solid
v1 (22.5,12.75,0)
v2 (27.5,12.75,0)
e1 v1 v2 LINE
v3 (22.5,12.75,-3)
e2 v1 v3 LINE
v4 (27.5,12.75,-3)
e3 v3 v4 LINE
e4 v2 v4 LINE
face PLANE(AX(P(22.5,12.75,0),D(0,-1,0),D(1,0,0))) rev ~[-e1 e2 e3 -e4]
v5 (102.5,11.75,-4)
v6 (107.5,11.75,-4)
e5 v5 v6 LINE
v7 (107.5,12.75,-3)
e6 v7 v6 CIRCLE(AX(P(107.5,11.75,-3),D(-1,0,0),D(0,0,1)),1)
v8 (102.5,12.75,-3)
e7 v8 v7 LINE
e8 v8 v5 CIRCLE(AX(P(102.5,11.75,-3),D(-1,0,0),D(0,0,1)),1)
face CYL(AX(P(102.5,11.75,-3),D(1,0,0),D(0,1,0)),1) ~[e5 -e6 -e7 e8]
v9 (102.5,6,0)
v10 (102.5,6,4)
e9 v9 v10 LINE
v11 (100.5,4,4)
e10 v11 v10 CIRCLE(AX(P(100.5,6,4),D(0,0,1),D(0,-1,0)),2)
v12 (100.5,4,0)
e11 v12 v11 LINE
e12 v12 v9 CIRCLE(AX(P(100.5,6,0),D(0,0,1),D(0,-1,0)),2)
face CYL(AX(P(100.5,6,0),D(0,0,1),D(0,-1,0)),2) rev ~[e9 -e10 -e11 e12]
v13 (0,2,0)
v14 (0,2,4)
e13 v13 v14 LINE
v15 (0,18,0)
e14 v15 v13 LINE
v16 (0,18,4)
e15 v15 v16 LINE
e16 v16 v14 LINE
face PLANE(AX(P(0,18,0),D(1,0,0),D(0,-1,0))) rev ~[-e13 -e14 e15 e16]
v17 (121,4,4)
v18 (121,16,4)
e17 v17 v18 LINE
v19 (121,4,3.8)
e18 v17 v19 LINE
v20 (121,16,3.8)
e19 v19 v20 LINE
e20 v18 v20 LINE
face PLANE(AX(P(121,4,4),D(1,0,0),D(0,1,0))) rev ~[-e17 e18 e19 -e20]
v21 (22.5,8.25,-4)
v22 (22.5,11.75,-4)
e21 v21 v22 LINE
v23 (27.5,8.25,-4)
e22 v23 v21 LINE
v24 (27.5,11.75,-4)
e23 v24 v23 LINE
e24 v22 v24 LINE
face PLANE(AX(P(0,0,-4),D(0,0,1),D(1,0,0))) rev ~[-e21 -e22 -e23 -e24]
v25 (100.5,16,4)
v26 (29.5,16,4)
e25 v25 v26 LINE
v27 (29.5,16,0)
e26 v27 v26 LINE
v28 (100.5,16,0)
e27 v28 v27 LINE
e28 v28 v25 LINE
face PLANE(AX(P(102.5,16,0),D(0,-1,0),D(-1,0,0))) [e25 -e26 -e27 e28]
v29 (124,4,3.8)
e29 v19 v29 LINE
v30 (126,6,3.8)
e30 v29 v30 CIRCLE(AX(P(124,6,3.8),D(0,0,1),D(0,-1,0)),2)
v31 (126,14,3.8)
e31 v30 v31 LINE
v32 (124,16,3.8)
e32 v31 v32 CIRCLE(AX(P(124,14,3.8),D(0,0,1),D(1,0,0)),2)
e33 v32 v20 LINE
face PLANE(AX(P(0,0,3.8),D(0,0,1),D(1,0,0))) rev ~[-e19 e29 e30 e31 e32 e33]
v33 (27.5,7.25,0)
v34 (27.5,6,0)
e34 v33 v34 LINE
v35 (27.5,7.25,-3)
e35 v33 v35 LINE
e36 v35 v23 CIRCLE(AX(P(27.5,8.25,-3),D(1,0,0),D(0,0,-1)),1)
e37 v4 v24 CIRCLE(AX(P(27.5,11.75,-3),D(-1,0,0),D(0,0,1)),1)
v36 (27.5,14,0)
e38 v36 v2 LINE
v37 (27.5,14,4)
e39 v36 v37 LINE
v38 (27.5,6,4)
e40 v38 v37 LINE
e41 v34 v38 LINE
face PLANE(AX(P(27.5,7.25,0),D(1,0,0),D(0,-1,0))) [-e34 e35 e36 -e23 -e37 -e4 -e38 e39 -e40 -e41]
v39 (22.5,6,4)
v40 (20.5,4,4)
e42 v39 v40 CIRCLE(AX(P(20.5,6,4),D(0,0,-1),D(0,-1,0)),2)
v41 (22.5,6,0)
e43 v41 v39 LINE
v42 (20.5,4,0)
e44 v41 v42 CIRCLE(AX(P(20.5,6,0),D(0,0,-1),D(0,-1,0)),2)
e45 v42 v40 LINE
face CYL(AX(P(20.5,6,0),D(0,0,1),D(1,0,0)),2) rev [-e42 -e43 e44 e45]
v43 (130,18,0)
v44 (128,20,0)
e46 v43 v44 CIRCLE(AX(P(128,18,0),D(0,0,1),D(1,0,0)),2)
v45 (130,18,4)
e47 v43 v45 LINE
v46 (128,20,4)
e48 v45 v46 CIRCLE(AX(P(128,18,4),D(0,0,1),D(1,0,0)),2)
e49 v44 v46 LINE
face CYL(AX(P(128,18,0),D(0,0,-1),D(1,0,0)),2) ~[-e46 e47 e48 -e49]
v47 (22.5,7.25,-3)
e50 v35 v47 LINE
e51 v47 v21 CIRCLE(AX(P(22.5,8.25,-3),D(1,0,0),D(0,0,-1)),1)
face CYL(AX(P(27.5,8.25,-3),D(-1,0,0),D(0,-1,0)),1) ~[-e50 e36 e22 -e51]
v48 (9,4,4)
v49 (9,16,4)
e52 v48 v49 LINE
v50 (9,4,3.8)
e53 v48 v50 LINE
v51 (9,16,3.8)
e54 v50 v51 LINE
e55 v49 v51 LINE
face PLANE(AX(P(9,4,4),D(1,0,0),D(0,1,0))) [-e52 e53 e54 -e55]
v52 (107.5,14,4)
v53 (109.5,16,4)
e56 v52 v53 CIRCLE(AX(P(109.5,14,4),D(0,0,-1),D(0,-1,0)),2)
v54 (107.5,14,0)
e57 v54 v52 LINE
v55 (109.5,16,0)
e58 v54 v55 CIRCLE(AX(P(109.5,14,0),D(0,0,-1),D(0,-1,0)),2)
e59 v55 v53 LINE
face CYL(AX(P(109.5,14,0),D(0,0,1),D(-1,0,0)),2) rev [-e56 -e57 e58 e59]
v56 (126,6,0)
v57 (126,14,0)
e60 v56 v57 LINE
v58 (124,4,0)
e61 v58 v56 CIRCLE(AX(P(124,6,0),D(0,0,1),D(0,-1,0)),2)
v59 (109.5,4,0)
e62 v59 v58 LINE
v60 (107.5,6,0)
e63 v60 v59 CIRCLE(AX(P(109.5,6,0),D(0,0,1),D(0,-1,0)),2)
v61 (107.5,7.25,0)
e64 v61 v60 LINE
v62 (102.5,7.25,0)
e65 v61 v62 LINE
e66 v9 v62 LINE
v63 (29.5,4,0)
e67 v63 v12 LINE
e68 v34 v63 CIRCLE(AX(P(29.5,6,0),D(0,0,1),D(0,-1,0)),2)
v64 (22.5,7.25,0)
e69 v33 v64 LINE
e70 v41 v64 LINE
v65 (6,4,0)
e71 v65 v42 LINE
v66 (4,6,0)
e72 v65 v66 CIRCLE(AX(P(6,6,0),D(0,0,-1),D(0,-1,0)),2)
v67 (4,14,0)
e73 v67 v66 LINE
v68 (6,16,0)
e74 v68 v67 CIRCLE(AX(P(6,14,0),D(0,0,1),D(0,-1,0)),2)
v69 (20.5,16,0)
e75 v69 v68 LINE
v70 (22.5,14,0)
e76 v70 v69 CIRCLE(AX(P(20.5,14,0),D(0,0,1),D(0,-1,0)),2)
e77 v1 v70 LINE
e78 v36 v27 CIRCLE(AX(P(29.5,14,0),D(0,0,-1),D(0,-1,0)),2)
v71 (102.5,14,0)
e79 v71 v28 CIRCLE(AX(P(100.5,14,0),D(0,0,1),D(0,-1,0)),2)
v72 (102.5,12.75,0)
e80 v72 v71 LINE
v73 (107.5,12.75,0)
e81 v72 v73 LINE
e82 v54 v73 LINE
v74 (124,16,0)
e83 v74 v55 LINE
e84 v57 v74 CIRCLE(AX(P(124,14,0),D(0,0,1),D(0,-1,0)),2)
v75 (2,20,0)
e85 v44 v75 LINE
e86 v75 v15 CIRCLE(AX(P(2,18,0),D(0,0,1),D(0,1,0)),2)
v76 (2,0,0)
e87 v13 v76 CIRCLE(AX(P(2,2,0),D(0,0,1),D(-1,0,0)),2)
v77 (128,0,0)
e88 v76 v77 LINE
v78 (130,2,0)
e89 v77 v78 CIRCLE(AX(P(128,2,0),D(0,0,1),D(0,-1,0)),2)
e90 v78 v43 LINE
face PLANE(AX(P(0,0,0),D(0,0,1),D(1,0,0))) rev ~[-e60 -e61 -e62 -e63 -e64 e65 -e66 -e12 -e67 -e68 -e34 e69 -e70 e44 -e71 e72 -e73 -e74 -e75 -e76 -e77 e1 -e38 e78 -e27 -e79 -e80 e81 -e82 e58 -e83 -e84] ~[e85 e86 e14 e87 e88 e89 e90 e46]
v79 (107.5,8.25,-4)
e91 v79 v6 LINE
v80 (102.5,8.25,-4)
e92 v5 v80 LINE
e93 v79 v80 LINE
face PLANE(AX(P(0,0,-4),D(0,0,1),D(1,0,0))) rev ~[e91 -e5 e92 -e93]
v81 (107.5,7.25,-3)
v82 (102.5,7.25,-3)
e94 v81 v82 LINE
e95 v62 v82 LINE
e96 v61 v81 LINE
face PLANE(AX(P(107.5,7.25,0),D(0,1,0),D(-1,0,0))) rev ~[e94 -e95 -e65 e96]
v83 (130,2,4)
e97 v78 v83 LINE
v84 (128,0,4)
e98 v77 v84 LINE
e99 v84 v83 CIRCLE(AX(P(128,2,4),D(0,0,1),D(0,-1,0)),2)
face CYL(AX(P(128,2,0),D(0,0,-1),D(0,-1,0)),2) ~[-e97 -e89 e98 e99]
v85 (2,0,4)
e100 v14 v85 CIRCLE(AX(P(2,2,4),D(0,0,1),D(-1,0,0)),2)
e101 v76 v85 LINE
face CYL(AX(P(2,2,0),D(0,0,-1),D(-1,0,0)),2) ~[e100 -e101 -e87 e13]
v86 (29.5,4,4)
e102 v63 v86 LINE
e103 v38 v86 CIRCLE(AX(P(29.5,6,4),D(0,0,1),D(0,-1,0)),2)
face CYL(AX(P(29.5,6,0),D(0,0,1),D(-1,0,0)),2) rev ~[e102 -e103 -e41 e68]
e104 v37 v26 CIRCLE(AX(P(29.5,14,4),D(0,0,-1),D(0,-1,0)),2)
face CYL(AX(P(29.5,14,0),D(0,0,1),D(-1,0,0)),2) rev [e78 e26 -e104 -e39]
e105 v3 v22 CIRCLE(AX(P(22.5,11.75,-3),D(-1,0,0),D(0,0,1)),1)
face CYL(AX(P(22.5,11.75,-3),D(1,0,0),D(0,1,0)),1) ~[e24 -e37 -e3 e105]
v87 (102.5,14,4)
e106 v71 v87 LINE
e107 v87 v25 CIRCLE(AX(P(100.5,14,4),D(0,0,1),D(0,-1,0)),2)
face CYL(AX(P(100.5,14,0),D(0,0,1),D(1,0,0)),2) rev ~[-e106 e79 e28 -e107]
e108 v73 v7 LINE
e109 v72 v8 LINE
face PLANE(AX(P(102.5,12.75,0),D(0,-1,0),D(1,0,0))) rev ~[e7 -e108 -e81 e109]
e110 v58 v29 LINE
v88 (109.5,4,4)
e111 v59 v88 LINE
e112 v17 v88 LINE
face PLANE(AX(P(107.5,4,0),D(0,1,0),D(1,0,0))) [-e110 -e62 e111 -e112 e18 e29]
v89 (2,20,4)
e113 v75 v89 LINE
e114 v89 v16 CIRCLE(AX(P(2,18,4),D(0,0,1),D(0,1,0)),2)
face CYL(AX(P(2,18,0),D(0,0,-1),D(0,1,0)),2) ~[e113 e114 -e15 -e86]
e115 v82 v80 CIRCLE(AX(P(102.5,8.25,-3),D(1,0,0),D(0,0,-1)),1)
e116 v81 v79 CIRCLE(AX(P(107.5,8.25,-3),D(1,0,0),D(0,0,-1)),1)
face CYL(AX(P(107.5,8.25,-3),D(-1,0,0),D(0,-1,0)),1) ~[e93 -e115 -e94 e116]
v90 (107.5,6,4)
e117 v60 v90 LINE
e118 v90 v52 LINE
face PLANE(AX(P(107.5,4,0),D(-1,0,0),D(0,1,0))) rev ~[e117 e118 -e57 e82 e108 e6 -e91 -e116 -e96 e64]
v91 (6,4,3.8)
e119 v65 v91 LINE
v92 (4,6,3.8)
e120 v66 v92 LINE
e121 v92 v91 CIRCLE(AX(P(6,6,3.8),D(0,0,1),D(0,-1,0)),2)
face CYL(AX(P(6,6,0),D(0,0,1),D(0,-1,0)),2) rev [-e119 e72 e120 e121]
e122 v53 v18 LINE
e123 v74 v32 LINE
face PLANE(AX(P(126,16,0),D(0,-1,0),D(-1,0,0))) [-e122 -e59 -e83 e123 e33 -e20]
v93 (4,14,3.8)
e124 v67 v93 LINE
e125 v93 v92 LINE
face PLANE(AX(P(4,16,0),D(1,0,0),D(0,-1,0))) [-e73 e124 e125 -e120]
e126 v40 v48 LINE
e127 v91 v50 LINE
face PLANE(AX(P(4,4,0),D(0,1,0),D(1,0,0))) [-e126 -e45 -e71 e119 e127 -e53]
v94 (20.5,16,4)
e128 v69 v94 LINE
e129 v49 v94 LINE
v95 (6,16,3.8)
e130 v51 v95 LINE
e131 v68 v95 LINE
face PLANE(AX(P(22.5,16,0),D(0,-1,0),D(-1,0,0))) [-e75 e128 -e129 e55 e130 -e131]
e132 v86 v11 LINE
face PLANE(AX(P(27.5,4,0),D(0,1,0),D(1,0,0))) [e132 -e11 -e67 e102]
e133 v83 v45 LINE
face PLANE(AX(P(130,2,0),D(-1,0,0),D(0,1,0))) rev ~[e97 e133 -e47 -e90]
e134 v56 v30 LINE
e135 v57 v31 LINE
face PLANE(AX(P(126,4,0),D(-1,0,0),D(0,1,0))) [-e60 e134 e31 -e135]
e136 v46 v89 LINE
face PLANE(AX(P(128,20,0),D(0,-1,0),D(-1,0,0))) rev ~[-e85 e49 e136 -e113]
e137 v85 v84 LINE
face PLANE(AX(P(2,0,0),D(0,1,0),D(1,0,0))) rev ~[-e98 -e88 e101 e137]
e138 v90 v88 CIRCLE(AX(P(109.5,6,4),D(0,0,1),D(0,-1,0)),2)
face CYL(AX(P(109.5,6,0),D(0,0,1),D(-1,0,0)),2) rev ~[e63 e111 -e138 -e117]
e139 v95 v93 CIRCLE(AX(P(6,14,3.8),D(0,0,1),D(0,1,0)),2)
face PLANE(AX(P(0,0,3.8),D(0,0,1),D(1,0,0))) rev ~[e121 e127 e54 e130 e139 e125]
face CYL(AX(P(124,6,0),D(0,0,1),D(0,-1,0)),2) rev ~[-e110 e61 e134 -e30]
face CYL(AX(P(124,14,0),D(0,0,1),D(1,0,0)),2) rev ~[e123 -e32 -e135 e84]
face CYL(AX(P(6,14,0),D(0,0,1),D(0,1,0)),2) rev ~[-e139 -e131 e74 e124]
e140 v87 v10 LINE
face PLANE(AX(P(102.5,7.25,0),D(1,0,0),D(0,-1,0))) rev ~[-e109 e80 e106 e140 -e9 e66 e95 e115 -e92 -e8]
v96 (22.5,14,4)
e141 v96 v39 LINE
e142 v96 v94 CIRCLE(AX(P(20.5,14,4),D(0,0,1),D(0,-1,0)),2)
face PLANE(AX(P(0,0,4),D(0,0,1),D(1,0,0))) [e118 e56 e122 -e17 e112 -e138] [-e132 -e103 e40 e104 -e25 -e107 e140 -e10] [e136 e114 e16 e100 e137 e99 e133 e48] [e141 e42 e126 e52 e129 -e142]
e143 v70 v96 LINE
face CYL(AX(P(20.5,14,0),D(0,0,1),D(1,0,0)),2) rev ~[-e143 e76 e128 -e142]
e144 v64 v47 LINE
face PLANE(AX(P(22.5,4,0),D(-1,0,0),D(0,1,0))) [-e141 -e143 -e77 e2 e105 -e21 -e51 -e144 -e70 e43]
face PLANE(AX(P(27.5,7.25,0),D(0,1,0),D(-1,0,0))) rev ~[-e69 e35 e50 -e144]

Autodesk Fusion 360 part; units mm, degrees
sketch "Sketch1" plane through (0, 0, 0) normal (0, 0, 1) x (1, 0, 0)
  line L0 (2, 0) -> (128, 0)
  line L1 (130, 2) -> (130, 18)
  line L2 (128, 20) -> (2, 20)
  line L3 (0, 18) -> (0, 2)
  arc A0 (2, 20) -> (0, 18) centre (2, 18) ccw
  arc A1 (0, 2) -> (2, 0) centre (2, 2) ccw
  arc A2 (128, 0) -> (130, 2) centre (128, 2) ccw
  arc A3 (130, 18) -> (128, 20) centre (128, 18) ccw
  line L4 (4, 4) -> (126, 4)
  line L5 (126, 4) -> (126, 16)
  line L6 (126, 16) -> (4, 16)
  line L7 (4, 16) -> (4, 4)
  line L8 (22.5, 16) -> (27.5, 16)
  line L9 (27.5, 16) -> (27.5, 4)
  line L10 (27.5, 4) -> (22.5, 4)
  line L11 (22.5, 4) -> (22.5, 16)
  line L12 (65, 0) -> (65, 20) construction
  line L13 (107.5, 4) -> (107.5, 16)
  line L14 (107.5, 16) -> (102.5, 16)
  line L15 (102.5, 4) -> (107.5, 4)
  line L16 (102.5, 16) -> (102.5, 4)
  line L17 (22.5, 12.75) -> (107.5, 12.75)
  line L18 (107.5, 12.75) -> (107.5, 7.25)
  line L19 (107.5, 7.25) -> (22.5, 7.25)
  line L20 (22.5, 7.25) -> (22.5, 12.75)
  line L21 (22.5, 12.75) -> (107.5, 7.25) construction
  line L22 (107.5, 12.75) -> (22.5, 7.25) construction
  line L23 (9, 4) -> (9, 16)
  line L24 (121, 4) -> (121, 16)
  point P0 (130, 0)
  point P1 (0, 20)
  point P2 (65, 10)
  dimension "d1" = 130
  dimension "d2" = 20
  dimension "d3" = 2
  dimension "d4" = -4
  dimension "d5" = 5
  dimension "d7" = 80
  dimension "d16" = 5.5
  dimension "d23" = 5
  dimension "d24" = 5
extrude "Extrude1" add sketch "Sketch1" along normal blind 4 contours L0 L1 L2 L3 A0 A1 A2 A3 | L4 L9 L10 L11 L19 | L9 L11 L17 L19 L20 | L6 L8 L9 L11 L17 | L4 L13 L15 L16 L19 | L13 L16 L17 L18 L19 | L6 L13 L14 L16 L17
extrude "Extrude3" add sketch "Sketch1" against normal blind 4 contours L9 L11 L17 L19 L20 | L13 L16 L17 L18 L19
fillet "Fillet1" radius 1 4 edges at (25, 12.75, -4) (25, 7.25, -4) (105, 12.75, -4) (105, 7.25, -4)
fillet "Fillet2" radius 2 12 edges at (126, 4, 2) (107.5, 4, 2) (102.5, 4, 2) (126, 16, 2) (107.5, 16, 2) (102.5, 16, 2) (22.5, 4, 2) (4, 4, 2) (4, 16, 2) (22.5, 16, 2) (27.5, 4, 2) (27.5, 16, 2)
extrude "Extrude4" add sketch "Sketch1" against normal blind 0.2 from surface at 4 contours L4 L6 L7 L23 | L4 L5 L6 L24
